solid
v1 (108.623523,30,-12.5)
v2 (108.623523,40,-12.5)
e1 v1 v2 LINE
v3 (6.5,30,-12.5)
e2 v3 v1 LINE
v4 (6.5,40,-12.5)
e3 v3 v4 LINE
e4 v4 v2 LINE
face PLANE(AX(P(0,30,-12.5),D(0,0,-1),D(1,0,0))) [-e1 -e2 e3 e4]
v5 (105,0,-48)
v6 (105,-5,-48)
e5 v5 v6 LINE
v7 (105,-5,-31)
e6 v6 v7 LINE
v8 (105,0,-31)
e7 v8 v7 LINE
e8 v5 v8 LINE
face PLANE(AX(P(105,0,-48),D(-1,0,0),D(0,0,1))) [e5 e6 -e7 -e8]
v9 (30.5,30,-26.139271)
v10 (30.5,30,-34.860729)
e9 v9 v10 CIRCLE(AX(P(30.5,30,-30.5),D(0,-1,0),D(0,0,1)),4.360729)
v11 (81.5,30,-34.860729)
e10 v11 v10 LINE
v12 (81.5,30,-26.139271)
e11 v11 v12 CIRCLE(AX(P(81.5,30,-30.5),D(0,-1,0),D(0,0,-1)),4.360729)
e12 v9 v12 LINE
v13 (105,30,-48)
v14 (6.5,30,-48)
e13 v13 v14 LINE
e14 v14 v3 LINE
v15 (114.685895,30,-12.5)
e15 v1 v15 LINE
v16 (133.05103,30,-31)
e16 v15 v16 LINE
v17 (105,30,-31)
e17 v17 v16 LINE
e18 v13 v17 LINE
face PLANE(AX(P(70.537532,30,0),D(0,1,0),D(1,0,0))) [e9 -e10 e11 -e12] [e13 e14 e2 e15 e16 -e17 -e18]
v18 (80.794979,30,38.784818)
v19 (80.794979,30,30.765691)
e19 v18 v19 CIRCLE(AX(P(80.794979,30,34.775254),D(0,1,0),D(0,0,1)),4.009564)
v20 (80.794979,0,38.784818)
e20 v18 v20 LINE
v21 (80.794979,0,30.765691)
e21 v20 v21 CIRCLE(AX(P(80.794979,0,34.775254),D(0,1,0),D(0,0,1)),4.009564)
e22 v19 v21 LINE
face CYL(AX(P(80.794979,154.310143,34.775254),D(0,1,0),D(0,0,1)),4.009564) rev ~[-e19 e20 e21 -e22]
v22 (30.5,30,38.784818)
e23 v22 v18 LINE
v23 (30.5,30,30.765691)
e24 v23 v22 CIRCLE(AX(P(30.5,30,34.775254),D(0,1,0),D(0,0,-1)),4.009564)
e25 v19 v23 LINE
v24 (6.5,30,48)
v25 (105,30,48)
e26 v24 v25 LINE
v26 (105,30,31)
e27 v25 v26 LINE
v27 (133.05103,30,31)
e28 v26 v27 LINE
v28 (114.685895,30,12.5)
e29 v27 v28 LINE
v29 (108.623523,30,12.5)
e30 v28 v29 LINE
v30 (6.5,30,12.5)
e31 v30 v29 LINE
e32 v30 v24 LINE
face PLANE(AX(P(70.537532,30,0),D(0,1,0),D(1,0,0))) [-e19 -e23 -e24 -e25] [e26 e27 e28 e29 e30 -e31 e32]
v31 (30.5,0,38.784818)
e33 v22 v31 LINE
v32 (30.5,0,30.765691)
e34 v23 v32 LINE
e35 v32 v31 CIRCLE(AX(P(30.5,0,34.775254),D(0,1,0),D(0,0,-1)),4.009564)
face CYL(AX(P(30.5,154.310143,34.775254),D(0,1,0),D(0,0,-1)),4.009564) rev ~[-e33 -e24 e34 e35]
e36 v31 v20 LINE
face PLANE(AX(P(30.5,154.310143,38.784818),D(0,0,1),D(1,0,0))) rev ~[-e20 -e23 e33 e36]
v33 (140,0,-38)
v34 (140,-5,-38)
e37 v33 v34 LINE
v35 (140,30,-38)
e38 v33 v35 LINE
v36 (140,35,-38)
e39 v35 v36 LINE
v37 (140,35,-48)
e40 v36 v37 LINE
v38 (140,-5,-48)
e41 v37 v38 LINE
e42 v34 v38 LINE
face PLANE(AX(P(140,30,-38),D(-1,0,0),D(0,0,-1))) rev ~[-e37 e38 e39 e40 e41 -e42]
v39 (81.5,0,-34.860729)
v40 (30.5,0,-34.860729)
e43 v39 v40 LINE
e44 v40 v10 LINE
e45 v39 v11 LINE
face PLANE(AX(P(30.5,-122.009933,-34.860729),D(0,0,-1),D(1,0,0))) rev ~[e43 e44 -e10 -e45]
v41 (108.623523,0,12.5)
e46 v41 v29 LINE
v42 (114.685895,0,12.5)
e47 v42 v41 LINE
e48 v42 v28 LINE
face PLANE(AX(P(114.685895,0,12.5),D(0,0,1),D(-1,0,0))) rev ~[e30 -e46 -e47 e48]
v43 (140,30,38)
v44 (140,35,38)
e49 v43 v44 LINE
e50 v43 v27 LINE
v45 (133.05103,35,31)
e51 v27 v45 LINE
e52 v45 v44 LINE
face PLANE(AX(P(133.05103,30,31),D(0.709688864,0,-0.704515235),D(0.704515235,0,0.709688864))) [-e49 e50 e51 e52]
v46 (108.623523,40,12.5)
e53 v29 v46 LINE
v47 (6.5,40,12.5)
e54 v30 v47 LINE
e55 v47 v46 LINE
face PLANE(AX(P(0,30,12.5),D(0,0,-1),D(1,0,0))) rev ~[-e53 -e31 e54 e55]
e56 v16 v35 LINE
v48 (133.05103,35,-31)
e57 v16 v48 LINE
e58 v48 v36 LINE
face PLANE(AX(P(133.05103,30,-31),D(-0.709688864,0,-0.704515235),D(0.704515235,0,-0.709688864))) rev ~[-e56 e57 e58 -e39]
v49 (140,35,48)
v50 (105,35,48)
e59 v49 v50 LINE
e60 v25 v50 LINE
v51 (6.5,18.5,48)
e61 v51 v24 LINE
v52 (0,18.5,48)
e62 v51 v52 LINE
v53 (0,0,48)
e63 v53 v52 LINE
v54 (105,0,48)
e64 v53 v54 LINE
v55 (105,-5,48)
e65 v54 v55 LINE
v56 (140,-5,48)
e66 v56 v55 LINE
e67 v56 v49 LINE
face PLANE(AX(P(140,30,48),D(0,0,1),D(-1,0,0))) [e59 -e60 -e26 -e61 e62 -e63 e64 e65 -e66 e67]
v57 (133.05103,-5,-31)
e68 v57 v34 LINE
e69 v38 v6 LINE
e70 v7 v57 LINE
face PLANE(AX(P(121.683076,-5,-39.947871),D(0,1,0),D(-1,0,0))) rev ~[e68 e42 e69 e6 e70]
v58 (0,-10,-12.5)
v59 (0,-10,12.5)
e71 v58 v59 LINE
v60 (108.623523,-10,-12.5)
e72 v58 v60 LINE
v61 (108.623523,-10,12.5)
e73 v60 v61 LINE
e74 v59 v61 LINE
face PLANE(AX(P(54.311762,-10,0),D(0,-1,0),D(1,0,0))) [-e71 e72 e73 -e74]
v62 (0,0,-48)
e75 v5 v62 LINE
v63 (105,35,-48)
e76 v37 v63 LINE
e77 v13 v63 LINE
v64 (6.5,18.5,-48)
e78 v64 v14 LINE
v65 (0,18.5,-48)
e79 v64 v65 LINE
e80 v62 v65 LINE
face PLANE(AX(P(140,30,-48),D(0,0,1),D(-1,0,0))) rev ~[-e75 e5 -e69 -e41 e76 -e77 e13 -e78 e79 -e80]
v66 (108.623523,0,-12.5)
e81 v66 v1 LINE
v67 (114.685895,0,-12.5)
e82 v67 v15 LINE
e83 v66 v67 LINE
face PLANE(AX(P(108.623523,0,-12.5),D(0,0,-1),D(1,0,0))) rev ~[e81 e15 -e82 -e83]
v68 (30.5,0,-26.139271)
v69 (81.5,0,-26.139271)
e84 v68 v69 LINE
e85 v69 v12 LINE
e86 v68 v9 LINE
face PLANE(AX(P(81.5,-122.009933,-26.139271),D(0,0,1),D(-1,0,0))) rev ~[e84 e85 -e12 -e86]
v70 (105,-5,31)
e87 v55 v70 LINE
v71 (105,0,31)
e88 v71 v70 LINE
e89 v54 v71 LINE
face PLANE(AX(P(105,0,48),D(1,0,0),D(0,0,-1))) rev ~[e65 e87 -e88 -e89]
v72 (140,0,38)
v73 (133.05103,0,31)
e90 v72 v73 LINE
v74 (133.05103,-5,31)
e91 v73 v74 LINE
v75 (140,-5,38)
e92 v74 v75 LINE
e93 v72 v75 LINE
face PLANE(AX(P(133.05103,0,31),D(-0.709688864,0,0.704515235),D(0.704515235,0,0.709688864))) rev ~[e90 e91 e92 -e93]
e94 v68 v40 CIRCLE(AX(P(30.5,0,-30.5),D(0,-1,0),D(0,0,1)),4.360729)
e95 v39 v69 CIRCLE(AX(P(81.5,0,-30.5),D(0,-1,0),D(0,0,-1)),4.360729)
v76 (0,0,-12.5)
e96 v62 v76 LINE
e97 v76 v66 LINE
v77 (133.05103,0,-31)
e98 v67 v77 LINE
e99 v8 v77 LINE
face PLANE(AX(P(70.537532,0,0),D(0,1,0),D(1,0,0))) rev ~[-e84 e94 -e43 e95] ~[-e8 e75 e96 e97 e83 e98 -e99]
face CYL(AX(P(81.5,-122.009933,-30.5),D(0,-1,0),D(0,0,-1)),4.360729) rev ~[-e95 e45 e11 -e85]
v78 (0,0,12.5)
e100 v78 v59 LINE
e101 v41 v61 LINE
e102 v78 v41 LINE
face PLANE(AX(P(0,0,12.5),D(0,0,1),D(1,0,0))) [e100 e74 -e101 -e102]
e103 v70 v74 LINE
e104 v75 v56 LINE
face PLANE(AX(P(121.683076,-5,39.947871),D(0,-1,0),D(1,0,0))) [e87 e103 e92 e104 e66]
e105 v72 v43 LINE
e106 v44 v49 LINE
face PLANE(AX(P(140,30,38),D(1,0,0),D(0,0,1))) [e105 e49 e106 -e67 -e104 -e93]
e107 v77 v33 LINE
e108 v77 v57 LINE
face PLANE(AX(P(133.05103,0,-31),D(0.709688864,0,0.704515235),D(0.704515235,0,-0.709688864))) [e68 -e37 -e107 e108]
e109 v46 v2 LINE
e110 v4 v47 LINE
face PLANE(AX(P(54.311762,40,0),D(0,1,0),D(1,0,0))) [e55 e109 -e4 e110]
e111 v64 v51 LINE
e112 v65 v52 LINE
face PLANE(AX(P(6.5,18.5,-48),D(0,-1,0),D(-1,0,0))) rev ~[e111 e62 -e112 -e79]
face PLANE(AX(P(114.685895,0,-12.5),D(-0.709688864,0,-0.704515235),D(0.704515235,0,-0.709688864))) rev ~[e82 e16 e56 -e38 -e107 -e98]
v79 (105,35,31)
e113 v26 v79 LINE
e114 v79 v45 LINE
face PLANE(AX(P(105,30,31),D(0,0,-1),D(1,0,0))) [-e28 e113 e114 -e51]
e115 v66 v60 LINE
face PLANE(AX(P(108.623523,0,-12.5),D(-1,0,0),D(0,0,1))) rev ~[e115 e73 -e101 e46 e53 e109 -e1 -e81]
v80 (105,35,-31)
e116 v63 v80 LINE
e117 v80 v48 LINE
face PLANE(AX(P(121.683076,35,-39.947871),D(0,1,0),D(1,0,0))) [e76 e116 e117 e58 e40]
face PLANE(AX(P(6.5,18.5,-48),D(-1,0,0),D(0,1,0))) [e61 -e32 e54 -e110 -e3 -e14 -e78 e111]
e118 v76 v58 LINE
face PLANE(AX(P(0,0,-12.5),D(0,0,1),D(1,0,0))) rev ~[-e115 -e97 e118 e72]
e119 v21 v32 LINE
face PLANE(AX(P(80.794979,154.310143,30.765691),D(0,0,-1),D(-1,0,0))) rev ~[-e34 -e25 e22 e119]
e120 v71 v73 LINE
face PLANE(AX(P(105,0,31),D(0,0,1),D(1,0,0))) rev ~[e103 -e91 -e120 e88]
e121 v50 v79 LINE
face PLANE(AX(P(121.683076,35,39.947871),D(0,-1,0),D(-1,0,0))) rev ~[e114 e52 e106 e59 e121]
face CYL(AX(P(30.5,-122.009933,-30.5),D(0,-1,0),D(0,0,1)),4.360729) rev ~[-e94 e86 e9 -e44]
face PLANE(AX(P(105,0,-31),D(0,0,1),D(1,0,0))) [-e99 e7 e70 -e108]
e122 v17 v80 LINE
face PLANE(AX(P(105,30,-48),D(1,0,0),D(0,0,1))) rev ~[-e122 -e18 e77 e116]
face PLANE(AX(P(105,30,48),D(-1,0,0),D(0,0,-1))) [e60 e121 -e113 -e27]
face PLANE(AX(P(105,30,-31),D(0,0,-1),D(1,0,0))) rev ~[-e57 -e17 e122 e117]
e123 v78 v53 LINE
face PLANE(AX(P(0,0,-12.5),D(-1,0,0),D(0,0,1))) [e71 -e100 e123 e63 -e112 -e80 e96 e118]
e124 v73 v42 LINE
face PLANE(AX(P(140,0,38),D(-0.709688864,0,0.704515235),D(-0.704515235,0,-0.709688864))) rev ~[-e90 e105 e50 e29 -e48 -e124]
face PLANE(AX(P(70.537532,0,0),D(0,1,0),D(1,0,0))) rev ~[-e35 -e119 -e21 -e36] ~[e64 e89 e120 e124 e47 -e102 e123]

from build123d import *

# Parameters (mm, degrees)
BOSS_EXTRUDE3_DEPTH     = 30
SKETCH3_W               = 108.623523344
SKETCH3_H               = 25
BOSS_EXTRUDE4_DEPTH     = 10
CUT_EXTRUDE2_DEPTH      = 152.009933448
CUT_EXTRUDE2_DEPTH_BACK = 152.009933448
SKETCH5_W               = 108.623523344
SKETCH5_H               = 25
BOSS_EXTRUDE5_DEPTH     = 10
CUT_EXTRUDE3_DEPTH      = 154.310143174
CUT_EXTRUDE3_DEPTH_BACK = 154.310143174
BOSS_EXTRUDE6_DEPTH     = 5
BOSS_EXTRUDE7_DEPTH     = 5
BOSS_EXTRUDE8_DEPTH     = 5
CUT_EXTRUDE4_REACH      = 176.402
SKETCH22_W              = 6.5
SKETCH22_H              = 11.5
SKETCH23_W              = 6.5
SKETCH23_H              = 10
CUT_EXTRUDE5_DEPTH      = 158.671335378


with BuildPart() as part:
    # Sketch1 → Boss-Extrude3 (new body)
    with BuildSketch(Plane(origin=(0, 0, 0), x_dir=(1, 0, 0), z_dir=(0, 1, 0))):
        Polygon((0, -48), (105, -48), (140, -48), (140, -38), (114.68589492, -12.5), (108.623523344, -12.5), (108.623523344, 12.5), (114.68589492, 12.5), (140, 38), (140, 48), (0, 48), align=None)
    extrude(amount=BOSS_EXTRUDE3_DEPTH)

    # Sketch3 → Boss-Extrude4 (add)
    with BuildSketch(Plane(origin=(0, 30, 0), x_dir=(1, 0, 0), z_dir=(0, 1, 0))):
        with Locations((54.311761672, 0)):
            Rectangle(SKETCH3_W, SKETCH3_H)
    extrude(amount=BOSS_EXTRUDE4_DEPTH)

    # Sketch4 → Cut-Extrude2 (cut, two sides: drawn at the far end of the back side and taken through both)
    with BuildSketch(Plane(origin=(0, 30, 0), x_dir=(1, 0, 0), z_dir=(0, 1, 0)).offset(-CUT_EXTRUDE2_DEPTH_BACK)):
        with BuildLine():
            Line((30.5, 34.860728985), (81.5, 34.860728985))
            ThreePointArc((81.5, 34.860728985), (85.860728985, 30.5), (81.5, 26.139271015))
            Line((81.5, 26.139271015), (30.5, 26.139271015))
            ThreePointArc((30.5, 26.139271015), (26.139271015, 30.5), (30.5, 34.860728985))
        make_face()
    extrude(amount=CUT_EXTRUDE2_DEPTH + CUT_EXTRUDE2_DEPTH_BACK, mode=Mode.SUBTRACT)

    # Sketch5 → Boss-Extrude5 (add)
    with BuildSketch(Plane.XZ):
        with Locations((54.311761672, 0)):
            Rectangle(SKETCH5_W, SKETCH5_H)
    extrude(amount=BOSS_EXTRUDE5_DEPTH)

    # Sketch6 → Cut-Extrude3 (cut, two sides: drawn at the far end of the back side and taken through both)
    with BuildSketch(Plane.XZ.offset(-CUT_EXTRUDE3_DEPTH_BACK)):
        with BuildLine():
            Line((30.5, 38.784818055), (80.79497918, 38.784818055))
            ThreePointArc((80.79497918, 38.784818055), (84.804542876, 34.77525436), (80.79497918, 30.765690664))
            Line((80.79497918, 30.765690664), (30.5, 30.765690664))
            ThreePointArc((30.5, 30.765690664), (26.490436304, 34.77525436), (30.5, 38.784818055))
        make_face()
    extrude(amount=CUT_EXTRUDE3_DEPTH + CUT_EXTRUDE3_DEPTH_BACK, mode=Mode.SUBTRACT)

    # Sketch10 → Boss-Extrude6 (add)
    with BuildSketch(Plane(origin=(0, 30, 0), x_dir=(1, 0, 0), z_dir=(0, 1, 0))):
        Polygon((140, 48), (105, 48), (105, 31), (133.051029978, 31), (140, 38), align=None)
    extrude(amount=BOSS_EXTRUDE6_DEPTH)

    # Sketch12 → Boss-Extrude7 (add)
    with BuildSketch(Plane.XZ):
        Polygon((140, 48), (105, 48), (105, 31), (133.051029978, 31), (140, 38), align=None)
        Polygon((105, -48), (105, -31), (133.051029978, -31), (140, -38), (140, -48), align=None)
    extrude(amount=BOSS_EXTRUDE7_DEPTH)

    # Sketch13 → Boss-Extrude8 (add)
    with BuildSketch(Plane(origin=(0, 30, 0), x_dir=(1, 0, 0), z_dir=(0, 1, 0))):
        Polygon((105, -48), (105, -31), (133.051029978, -31), (140, -38), (140, -48), align=None)
    extrude(amount=BOSS_EXTRUDE8_DEPTH)

    # Sketch22 → Cut-Extrude4 (cut, up to next)
    with BuildSketch(Plane(origin=(0, 0, -48), x_dir=(-1, 0, 0), z_dir=(0, 0, -1)), mode=Mode.PRIVATE) as cut_extrude4_sk1:
        with Locations((-3.25, 24.25)):
            Rectangle(SKETCH22_W, SKETCH22_H)
    cut_extrude4_tool1 = extrude(cut_extrude4_sk1.sketch, amount=-CUT_EXTRUDE4_REACH, mode=Mode.PRIVATE) & part.part
    add(cut_extrude4_tool1.solids().sort_by_distance((3.25, 24.25, -48))[0], mode=Mode.SUBTRACT)

    # Sketch23 → Cut-Extrude5 (cut, through all)
    with BuildSketch(Plane(origin=(0, 0, -12.5), x_dir=(-1, 0, 0), z_dir=(0, 0, -1))):
        with Locations((-3.25, 35)):
            Rectangle(SKETCH23_W, SKETCH23_H)
    extrude(amount=-CUT_EXTRUDE5_DEPTH, mode=Mode.SUBTRACT)


solid = part.part
